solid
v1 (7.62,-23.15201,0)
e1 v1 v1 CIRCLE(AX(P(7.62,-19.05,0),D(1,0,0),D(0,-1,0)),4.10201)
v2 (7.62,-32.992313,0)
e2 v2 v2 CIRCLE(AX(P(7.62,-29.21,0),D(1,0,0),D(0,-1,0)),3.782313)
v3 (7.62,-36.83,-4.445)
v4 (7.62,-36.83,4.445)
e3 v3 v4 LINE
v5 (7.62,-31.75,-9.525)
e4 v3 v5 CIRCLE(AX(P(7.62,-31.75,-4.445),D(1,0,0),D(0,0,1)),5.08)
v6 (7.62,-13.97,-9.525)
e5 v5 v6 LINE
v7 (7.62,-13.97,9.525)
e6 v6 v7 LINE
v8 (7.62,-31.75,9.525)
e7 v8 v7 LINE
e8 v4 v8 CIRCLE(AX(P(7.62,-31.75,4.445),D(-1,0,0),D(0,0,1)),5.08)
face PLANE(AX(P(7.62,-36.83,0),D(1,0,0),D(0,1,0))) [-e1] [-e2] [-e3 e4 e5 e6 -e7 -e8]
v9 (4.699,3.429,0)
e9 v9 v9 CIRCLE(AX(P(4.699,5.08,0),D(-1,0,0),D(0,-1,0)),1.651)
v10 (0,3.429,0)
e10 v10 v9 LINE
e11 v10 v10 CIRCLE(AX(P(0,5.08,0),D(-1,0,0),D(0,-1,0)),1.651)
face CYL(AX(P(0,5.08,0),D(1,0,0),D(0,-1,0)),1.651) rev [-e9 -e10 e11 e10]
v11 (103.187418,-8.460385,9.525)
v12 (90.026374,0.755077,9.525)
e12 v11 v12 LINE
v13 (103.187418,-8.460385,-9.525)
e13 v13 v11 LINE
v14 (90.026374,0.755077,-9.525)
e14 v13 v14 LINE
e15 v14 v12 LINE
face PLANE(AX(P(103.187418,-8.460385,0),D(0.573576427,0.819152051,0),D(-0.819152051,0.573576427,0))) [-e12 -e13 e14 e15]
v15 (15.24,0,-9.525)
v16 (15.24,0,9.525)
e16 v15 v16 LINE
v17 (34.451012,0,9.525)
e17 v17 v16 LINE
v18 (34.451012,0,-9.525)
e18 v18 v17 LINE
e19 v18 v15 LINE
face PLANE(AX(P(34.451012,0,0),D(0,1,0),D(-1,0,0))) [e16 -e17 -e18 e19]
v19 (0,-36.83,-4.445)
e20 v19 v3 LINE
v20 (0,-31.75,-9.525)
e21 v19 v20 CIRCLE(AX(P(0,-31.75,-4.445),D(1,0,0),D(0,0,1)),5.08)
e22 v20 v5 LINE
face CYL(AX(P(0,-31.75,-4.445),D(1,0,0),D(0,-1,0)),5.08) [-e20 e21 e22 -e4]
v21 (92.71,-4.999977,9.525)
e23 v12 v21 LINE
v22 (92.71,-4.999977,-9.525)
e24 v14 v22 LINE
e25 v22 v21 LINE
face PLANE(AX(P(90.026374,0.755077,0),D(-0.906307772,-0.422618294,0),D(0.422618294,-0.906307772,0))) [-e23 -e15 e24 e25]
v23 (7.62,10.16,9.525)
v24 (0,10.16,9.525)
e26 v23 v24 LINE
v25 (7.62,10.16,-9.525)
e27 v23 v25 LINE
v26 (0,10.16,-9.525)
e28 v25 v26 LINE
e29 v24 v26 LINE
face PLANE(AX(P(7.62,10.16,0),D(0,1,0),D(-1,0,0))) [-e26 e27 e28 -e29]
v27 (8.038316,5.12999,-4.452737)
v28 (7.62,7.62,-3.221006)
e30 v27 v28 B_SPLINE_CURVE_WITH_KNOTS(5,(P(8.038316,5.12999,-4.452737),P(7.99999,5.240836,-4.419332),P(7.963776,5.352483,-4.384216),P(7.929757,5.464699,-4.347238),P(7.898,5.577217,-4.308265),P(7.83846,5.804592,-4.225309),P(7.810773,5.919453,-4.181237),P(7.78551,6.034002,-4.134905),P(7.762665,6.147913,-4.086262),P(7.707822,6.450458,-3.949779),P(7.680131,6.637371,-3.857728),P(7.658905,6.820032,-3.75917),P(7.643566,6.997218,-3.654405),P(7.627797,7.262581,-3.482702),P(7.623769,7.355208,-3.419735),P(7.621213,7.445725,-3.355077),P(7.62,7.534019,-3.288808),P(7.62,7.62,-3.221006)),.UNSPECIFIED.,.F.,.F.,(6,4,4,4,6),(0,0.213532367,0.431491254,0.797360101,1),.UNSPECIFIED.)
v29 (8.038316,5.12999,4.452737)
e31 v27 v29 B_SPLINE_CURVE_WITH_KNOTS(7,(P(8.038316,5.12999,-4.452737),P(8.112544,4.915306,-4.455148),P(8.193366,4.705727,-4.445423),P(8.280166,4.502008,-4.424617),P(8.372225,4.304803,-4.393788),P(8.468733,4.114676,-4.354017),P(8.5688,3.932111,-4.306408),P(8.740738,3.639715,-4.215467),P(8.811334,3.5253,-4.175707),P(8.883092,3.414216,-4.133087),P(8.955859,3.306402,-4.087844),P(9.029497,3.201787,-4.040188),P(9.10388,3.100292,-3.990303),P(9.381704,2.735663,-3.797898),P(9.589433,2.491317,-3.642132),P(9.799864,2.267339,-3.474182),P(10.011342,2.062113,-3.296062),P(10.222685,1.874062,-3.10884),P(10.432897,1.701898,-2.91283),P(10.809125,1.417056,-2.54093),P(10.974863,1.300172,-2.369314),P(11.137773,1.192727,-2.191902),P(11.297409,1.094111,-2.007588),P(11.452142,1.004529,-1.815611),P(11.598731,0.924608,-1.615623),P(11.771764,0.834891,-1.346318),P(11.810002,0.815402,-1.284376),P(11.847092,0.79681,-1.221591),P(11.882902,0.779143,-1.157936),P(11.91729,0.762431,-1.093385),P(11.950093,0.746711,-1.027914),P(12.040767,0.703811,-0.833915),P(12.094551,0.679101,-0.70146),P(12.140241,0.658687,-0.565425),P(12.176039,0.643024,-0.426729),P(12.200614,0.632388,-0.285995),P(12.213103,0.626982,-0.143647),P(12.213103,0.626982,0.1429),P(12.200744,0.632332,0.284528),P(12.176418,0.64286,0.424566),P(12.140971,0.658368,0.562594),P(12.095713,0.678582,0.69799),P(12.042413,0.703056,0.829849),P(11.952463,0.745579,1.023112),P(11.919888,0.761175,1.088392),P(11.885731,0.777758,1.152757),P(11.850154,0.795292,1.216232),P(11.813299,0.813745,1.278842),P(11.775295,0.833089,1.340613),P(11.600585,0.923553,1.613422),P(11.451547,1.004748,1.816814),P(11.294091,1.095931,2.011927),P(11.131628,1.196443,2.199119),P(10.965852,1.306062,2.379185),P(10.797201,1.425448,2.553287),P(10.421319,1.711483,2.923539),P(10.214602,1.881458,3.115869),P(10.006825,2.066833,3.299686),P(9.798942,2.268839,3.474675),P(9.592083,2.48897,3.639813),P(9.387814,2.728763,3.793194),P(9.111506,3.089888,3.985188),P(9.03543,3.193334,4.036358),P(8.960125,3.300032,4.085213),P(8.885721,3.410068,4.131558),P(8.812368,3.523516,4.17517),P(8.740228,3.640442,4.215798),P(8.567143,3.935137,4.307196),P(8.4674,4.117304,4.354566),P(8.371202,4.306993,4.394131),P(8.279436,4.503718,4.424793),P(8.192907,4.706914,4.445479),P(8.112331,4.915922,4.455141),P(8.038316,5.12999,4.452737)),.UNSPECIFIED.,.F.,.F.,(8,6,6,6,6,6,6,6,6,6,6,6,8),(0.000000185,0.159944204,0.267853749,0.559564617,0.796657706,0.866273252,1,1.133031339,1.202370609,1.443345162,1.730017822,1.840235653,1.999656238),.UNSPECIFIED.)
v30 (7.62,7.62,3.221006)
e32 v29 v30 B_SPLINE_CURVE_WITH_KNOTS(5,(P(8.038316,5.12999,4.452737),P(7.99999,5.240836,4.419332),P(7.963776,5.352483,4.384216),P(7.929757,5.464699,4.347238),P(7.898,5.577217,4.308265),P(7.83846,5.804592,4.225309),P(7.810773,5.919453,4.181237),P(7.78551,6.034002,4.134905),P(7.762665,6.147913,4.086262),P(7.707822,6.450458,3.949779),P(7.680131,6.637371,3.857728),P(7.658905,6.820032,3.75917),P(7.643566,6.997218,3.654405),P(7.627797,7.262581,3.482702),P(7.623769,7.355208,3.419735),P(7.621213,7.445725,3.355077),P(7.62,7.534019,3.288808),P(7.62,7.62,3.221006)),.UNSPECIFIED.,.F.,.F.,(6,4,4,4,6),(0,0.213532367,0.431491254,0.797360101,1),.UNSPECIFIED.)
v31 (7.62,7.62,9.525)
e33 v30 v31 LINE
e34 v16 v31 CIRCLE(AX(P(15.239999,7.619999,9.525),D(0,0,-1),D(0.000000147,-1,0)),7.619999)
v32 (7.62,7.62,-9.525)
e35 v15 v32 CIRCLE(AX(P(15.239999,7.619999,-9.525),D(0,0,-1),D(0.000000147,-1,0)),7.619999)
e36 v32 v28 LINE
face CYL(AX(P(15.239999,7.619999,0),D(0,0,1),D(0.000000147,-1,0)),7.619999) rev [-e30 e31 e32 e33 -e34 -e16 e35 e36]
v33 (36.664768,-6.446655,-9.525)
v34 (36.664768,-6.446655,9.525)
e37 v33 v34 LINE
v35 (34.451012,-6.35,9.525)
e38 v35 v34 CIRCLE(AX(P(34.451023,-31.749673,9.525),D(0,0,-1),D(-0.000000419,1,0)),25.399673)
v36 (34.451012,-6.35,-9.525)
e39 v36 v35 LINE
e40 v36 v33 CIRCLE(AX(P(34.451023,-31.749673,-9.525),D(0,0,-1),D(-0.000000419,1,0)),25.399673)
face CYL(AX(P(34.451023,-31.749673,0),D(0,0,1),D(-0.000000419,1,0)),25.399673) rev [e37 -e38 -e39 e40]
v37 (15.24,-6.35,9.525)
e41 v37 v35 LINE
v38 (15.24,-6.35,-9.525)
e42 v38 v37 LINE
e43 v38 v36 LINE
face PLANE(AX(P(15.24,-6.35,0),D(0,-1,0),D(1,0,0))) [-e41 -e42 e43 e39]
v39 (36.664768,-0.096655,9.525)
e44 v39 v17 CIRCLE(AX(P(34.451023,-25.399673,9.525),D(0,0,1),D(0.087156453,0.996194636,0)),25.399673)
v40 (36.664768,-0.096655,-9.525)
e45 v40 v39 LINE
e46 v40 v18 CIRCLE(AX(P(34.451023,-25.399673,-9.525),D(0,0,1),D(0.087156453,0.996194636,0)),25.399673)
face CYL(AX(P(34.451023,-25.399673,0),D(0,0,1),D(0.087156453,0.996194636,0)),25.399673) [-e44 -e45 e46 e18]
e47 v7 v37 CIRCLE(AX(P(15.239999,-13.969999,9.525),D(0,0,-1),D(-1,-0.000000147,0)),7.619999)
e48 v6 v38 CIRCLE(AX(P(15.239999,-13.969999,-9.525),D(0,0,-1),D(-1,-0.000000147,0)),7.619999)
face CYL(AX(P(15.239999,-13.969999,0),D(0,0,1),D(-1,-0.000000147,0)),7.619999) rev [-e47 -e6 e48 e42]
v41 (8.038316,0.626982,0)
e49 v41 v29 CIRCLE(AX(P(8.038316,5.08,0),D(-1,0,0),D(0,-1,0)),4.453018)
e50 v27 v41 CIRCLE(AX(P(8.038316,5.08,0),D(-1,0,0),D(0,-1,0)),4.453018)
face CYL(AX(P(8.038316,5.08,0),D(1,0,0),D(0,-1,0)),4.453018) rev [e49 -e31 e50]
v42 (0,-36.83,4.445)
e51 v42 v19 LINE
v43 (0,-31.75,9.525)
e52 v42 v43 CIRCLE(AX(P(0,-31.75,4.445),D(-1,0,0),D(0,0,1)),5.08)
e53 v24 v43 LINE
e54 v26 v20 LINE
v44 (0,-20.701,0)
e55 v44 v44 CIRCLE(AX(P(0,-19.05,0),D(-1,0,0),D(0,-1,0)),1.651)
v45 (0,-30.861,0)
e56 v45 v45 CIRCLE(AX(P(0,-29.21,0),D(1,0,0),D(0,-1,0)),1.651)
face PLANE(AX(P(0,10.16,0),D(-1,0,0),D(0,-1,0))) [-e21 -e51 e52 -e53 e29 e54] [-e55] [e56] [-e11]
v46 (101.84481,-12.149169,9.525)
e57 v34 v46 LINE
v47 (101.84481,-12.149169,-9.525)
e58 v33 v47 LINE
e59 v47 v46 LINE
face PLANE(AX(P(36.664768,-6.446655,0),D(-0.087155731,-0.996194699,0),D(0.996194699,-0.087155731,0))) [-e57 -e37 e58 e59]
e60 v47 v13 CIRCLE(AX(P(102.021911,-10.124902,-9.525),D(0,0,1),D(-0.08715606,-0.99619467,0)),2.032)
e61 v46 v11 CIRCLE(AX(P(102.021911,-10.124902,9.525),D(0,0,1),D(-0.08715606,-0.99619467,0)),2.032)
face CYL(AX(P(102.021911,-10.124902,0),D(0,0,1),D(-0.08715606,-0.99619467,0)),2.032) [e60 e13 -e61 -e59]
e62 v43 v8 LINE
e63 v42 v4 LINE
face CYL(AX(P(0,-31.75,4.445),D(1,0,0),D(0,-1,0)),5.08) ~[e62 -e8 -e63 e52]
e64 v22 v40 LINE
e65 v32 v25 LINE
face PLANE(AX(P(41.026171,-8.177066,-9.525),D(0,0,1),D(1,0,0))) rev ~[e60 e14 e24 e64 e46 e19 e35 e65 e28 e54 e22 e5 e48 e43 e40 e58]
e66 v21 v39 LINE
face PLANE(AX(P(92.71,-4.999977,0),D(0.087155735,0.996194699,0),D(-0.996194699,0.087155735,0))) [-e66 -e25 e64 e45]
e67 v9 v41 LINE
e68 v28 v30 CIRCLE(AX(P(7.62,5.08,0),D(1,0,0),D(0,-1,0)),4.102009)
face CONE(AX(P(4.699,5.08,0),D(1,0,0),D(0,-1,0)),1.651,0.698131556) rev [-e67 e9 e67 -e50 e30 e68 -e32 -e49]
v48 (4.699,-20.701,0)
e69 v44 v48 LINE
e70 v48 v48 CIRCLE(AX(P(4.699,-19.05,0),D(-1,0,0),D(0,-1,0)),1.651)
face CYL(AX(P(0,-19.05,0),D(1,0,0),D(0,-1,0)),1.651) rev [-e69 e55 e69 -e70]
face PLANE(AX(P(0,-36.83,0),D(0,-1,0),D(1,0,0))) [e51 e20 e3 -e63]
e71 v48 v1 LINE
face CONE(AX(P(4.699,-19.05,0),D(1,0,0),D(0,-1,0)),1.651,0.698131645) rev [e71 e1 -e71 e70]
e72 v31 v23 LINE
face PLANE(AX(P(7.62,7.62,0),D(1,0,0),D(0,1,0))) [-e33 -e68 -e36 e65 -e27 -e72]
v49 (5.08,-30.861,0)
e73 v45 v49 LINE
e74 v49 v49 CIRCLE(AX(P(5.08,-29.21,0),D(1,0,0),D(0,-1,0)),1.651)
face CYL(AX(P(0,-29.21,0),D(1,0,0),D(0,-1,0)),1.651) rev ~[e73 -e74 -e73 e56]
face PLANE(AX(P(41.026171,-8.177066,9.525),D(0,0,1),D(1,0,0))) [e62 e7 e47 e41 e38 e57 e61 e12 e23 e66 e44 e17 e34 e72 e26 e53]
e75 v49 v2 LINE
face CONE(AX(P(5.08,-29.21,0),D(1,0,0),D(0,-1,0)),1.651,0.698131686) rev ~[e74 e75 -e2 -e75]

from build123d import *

# Parameters (mm, degrees)
F1_DEPTH = 9.525
F6_R     = 5.08


with BuildPart() as f1:
    # F0 (on Top) → F1 (new body, symmetric)
    with BuildSketch(Plane.XY):
        with BuildLine():
            Line((0, 0), (0, -36.83))
            Line((0, -36.83), (7.62, -36.83))
            Line((7.62, -36.83), (7.62, -13.97))
            ThreePointArc((7.62, -13.97), (9.851846, -8.581846), (15.24, -6.35))
            Line((15.24, -6.35), (34.451012, -6.35))
            ThreePointArc((34.451012, -6.35), (35.558944, -6.374175), (36.664768, -6.446655))
            Line((36.664768, -6.446655), (101.84481, -12.149169))
            ThreePointArc((101.84481, -12.149169), (103.931366, -10.819887), (103.187418, -8.460385))
            Line((103.187418, -8.460385), (90.026374, 0.755077))
            Line((90.026374, 0.755077), (92.71, -4.999977))
            Line((92.71, -4.999977), (36.664768, -0.096655))
            ThreePointArc((36.664768, -0.096655), (35.558944, -0.024175), (34.451012, 0))
            Line((34.451012, 0), (15.24, 0))
            ThreePointArc((15.24, 0), (9.851846, 2.231846), (7.62, 7.62))
            Line((7.62, 7.62), (7.62, 10.16))
            Line((7.62, 10.16), (0, 10.16))
            Line((0, 10.16), (0, 0))
        make_face()
    extrude(amount=F1_DEPTH, both=True)

    # F2 (on Top) → F3 (revolve, cut)
    with BuildSketch(Plane.XY):
        Polygon((0, -19.05), (0, -20.701), (4.699, -20.701), (9.652, -24.85706), (11.555037, -24.85706), (11.555037, -19.05), (9.652, -19.05), align=None)
    revolve(axis=Axis((-2.504904, -19.05, 0), (-1, 0, 0)), mode=Mode.SUBTRACT)

    # F4 (on Top) → F5 (revolve, cut)
    with BuildSketch(Plane.XY):
        Polygon((7.62, -29.21), (0, -29.21), (0, -30.861), (5.08, -30.861), (7.62, -32.992313), align=None)
    revolve(axis=Axis((3.81, -29.21, 0), (1, 0, 0)), mode=Mode.SUBTRACT)

    # F6
    f6_edges = [f1.edges().sort_by_distance(p)[0] for p in [
        (3.81, -36.83, 9.525),
        (3.81, -36.83, -9.525),
    ]]
    fillet(f6_edges, radius=F6_R)

    # F7 (on Top) → F8 (revolve, cut)
    with BuildSketch(Plane.XY):
        Polygon((0, 5.08), (0, 3.429), (4.699, 3.429), (8.038316, 0.626982), (15.24, 0.626982), (15.24, 5.08), (8.038316, 5.08), align=None)
    revolve(axis=Axis((4.019158, 5.08, 0), (-1, 0, 0)), mode=Mode.SUBTRACT)


solid = f1.part
